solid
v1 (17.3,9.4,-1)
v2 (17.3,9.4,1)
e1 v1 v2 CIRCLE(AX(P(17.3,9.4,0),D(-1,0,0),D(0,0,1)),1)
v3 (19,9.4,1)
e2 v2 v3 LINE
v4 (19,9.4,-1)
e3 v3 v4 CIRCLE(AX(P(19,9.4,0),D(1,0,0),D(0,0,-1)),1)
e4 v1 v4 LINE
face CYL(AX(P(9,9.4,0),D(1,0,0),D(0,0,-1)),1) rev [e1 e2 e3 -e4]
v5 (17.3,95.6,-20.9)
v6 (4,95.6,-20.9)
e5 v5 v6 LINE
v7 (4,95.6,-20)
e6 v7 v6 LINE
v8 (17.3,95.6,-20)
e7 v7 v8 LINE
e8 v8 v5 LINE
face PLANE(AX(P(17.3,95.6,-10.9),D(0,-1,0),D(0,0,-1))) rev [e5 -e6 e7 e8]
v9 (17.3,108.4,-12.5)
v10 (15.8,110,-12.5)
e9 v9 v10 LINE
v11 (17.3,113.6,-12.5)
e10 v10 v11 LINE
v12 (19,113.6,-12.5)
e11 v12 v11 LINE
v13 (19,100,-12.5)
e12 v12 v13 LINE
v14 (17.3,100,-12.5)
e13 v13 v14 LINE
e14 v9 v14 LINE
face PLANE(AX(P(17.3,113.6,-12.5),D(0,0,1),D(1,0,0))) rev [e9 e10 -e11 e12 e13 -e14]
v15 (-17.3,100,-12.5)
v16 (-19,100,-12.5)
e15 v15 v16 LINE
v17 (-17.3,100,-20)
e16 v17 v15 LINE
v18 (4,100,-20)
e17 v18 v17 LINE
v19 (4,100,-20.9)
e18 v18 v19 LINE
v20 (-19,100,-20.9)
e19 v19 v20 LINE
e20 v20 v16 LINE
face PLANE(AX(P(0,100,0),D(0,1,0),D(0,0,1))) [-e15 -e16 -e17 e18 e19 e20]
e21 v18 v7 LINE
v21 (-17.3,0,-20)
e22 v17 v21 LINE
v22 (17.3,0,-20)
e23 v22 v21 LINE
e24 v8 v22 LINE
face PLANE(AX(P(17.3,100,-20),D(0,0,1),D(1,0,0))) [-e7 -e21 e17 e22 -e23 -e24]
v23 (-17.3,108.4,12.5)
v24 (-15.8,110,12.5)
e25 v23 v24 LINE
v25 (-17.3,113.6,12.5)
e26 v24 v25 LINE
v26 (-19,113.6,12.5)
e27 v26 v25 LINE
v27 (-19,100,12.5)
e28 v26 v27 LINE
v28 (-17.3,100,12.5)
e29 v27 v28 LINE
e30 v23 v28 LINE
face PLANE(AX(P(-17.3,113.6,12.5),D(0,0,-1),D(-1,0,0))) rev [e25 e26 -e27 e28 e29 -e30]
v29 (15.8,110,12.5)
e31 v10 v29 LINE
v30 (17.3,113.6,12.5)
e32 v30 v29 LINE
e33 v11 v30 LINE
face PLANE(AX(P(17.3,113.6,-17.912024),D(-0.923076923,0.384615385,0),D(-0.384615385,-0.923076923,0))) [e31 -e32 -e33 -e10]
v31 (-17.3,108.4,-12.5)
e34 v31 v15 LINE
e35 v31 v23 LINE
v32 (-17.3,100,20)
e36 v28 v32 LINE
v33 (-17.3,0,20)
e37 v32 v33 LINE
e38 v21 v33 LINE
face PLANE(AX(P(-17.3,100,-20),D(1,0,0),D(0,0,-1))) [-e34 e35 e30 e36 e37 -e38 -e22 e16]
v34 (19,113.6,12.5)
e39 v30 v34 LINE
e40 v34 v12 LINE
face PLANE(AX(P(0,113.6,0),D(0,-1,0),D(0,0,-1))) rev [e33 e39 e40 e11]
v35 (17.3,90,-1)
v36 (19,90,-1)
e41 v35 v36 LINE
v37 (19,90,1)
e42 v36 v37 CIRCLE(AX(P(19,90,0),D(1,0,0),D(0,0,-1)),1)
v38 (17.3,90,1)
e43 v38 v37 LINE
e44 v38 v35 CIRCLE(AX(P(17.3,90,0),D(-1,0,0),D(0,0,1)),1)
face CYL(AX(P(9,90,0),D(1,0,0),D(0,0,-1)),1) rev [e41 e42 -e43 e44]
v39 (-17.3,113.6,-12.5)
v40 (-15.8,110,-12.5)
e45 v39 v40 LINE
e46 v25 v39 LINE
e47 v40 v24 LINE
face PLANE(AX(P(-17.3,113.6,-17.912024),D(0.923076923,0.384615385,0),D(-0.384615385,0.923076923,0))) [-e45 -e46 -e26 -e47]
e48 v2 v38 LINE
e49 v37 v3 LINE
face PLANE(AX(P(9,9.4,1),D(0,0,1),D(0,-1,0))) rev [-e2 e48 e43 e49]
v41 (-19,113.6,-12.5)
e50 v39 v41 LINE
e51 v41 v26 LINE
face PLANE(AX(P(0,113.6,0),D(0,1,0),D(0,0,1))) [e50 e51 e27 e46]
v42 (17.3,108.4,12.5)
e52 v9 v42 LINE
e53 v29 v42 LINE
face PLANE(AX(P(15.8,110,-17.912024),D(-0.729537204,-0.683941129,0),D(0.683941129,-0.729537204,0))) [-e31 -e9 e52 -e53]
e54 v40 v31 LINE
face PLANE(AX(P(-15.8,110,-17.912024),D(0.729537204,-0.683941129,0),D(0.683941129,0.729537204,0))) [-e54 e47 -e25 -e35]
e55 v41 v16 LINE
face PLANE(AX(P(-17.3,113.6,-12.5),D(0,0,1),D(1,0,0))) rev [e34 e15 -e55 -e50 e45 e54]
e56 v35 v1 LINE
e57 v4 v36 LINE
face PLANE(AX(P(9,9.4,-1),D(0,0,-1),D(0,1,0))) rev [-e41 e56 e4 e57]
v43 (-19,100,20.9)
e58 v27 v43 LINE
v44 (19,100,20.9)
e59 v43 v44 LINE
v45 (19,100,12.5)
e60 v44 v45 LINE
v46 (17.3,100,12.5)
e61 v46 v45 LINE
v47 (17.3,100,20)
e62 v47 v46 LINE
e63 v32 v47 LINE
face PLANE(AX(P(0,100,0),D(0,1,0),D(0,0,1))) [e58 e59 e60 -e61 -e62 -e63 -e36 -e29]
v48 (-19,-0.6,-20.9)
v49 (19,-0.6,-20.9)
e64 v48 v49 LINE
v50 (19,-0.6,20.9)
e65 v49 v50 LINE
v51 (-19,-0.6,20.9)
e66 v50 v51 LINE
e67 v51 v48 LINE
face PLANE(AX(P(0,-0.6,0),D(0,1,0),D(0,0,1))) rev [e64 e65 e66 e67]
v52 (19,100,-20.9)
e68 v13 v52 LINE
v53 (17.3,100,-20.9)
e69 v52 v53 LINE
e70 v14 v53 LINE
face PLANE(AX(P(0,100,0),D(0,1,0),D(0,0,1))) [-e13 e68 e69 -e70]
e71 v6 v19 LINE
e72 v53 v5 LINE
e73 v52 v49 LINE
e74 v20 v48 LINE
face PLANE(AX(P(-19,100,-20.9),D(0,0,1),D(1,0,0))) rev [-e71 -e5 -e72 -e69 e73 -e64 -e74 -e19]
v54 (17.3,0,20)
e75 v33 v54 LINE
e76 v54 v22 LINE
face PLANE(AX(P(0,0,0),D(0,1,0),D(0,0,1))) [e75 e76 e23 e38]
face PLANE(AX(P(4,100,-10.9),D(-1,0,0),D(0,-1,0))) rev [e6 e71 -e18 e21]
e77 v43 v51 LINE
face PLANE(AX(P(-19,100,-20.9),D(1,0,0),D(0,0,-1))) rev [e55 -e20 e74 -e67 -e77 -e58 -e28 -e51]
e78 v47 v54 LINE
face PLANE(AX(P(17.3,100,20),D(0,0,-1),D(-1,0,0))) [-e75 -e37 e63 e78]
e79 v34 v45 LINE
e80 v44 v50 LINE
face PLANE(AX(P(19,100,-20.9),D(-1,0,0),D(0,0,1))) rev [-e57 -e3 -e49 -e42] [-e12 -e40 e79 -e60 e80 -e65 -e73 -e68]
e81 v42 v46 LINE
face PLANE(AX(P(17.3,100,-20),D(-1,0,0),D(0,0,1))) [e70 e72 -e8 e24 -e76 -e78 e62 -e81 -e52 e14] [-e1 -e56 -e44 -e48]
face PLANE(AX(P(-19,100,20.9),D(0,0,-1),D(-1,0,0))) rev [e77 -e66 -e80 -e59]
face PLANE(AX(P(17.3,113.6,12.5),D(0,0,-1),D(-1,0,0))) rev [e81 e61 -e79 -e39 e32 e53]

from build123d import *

# Parameters (mm, degrees)
SKETCH1_W           = 38
SKETCH1_H           = 41.8
SKETCH1_W_2         = 34.6
SKETCH1_H_2         = 40
BOSS_EXTRUDE1_DEPTH = 100
SKETCH2_W           = 1.7
SKETCH2_H           = 25
BOSS_EXTRUDE2_DEPTH = 13.6
BOSS_EXTRUDE5_DEPTH = 25
SKETCH6_W           = 38
SKETCH6_H           = 41.8
BOSS_EXTRUDE6_DEPTH = 0.6
SKETCH7_W           = 13.3
SKETCH7_H           = 4.4
CUT_EXTRUDE1_DEPTH  = 10
CUT_EXTRUDE2_DEPTH  = 10


with BuildPart() as part:
    # Sketch1 → Boss-Extrude1 (new body)
    with BuildSketch(Plane(origin=(0, 0, 0), x_dir=(1, 0, 0), z_dir=(0, 1, 0))):
        Rectangle(SKETCH1_W, SKETCH1_H)
        Rectangle(SKETCH1_W_2, SKETCH1_H_2, mode=Mode.SUBTRACT)
    extrude(amount=BOSS_EXTRUDE1_DEPTH)

    # Sketch2 → Boss-Extrude2 (add)
    with BuildSketch(Plane(origin=(0, 100, 0), x_dir=(1, 0, 0), z_dir=(0, 1, 0))):
        with Locations((18.15, 0)):
            Rectangle(SKETCH2_W, SKETCH2_H)
        with Locations((-18.15, 0)):
            Rectangle(SKETCH2_W, SKETCH2_H)
    extrude(amount=BOSS_EXTRUDE2_DEPTH)

    # Sketch5 → Boss-Extrude5 (add)
    with BuildSketch(Plane.XY.offset(12.5)):
        Polygon((-15.8, 110), (-17.3, 108.4), (-17.3, 113.6), align=None)
        Polygon((17.3, 108.4), (17.3, 113.6), (15.8, 110), align=None)
    extrude(amount=-BOSS_EXTRUDE5_DEPTH)

    # Sketch6 → Boss-Extrude6 (add)
    with BuildSketch(Plane.XZ):
        Rectangle(SKETCH6_W, SKETCH6_H)
    extrude(amount=BOSS_EXTRUDE6_DEPTH)

    # Sketch7 → Cut-Extrude1 (cut)
    with BuildSketch(Plane(origin=(0, 0, -20.9), x_dir=(-1, 0, 0), z_dir=(0, 0, -1))):
        with Locations((-10.65, 97.8)):
            Rectangle(SKETCH7_W, SKETCH7_H)
    extrude(amount=-CUT_EXTRUDE1_DEPTH, mode=Mode.SUBTRACT)

    # Sketch8 → Cut-Extrude2 (cut)
    with BuildSketch(Plane(origin=(19, 0, 0), x_dir=(0, 0, -1), z_dir=(1, 0, 0))):
        with BuildLine():
            Line((-1, 9.4), (-1, 90))
            ThreePointArc((-1, 90), (0, 91), (1, 90))
            Line((1, 90), (1, 9.4))
            ThreePointArc((1, 9.4), (0, 8.4), (-1, 9.4))
        make_face()
    extrude(amount=-CUT_EXTRUDE2_DEPTH, mode=Mode.SUBTRACT)


solid = part.part
